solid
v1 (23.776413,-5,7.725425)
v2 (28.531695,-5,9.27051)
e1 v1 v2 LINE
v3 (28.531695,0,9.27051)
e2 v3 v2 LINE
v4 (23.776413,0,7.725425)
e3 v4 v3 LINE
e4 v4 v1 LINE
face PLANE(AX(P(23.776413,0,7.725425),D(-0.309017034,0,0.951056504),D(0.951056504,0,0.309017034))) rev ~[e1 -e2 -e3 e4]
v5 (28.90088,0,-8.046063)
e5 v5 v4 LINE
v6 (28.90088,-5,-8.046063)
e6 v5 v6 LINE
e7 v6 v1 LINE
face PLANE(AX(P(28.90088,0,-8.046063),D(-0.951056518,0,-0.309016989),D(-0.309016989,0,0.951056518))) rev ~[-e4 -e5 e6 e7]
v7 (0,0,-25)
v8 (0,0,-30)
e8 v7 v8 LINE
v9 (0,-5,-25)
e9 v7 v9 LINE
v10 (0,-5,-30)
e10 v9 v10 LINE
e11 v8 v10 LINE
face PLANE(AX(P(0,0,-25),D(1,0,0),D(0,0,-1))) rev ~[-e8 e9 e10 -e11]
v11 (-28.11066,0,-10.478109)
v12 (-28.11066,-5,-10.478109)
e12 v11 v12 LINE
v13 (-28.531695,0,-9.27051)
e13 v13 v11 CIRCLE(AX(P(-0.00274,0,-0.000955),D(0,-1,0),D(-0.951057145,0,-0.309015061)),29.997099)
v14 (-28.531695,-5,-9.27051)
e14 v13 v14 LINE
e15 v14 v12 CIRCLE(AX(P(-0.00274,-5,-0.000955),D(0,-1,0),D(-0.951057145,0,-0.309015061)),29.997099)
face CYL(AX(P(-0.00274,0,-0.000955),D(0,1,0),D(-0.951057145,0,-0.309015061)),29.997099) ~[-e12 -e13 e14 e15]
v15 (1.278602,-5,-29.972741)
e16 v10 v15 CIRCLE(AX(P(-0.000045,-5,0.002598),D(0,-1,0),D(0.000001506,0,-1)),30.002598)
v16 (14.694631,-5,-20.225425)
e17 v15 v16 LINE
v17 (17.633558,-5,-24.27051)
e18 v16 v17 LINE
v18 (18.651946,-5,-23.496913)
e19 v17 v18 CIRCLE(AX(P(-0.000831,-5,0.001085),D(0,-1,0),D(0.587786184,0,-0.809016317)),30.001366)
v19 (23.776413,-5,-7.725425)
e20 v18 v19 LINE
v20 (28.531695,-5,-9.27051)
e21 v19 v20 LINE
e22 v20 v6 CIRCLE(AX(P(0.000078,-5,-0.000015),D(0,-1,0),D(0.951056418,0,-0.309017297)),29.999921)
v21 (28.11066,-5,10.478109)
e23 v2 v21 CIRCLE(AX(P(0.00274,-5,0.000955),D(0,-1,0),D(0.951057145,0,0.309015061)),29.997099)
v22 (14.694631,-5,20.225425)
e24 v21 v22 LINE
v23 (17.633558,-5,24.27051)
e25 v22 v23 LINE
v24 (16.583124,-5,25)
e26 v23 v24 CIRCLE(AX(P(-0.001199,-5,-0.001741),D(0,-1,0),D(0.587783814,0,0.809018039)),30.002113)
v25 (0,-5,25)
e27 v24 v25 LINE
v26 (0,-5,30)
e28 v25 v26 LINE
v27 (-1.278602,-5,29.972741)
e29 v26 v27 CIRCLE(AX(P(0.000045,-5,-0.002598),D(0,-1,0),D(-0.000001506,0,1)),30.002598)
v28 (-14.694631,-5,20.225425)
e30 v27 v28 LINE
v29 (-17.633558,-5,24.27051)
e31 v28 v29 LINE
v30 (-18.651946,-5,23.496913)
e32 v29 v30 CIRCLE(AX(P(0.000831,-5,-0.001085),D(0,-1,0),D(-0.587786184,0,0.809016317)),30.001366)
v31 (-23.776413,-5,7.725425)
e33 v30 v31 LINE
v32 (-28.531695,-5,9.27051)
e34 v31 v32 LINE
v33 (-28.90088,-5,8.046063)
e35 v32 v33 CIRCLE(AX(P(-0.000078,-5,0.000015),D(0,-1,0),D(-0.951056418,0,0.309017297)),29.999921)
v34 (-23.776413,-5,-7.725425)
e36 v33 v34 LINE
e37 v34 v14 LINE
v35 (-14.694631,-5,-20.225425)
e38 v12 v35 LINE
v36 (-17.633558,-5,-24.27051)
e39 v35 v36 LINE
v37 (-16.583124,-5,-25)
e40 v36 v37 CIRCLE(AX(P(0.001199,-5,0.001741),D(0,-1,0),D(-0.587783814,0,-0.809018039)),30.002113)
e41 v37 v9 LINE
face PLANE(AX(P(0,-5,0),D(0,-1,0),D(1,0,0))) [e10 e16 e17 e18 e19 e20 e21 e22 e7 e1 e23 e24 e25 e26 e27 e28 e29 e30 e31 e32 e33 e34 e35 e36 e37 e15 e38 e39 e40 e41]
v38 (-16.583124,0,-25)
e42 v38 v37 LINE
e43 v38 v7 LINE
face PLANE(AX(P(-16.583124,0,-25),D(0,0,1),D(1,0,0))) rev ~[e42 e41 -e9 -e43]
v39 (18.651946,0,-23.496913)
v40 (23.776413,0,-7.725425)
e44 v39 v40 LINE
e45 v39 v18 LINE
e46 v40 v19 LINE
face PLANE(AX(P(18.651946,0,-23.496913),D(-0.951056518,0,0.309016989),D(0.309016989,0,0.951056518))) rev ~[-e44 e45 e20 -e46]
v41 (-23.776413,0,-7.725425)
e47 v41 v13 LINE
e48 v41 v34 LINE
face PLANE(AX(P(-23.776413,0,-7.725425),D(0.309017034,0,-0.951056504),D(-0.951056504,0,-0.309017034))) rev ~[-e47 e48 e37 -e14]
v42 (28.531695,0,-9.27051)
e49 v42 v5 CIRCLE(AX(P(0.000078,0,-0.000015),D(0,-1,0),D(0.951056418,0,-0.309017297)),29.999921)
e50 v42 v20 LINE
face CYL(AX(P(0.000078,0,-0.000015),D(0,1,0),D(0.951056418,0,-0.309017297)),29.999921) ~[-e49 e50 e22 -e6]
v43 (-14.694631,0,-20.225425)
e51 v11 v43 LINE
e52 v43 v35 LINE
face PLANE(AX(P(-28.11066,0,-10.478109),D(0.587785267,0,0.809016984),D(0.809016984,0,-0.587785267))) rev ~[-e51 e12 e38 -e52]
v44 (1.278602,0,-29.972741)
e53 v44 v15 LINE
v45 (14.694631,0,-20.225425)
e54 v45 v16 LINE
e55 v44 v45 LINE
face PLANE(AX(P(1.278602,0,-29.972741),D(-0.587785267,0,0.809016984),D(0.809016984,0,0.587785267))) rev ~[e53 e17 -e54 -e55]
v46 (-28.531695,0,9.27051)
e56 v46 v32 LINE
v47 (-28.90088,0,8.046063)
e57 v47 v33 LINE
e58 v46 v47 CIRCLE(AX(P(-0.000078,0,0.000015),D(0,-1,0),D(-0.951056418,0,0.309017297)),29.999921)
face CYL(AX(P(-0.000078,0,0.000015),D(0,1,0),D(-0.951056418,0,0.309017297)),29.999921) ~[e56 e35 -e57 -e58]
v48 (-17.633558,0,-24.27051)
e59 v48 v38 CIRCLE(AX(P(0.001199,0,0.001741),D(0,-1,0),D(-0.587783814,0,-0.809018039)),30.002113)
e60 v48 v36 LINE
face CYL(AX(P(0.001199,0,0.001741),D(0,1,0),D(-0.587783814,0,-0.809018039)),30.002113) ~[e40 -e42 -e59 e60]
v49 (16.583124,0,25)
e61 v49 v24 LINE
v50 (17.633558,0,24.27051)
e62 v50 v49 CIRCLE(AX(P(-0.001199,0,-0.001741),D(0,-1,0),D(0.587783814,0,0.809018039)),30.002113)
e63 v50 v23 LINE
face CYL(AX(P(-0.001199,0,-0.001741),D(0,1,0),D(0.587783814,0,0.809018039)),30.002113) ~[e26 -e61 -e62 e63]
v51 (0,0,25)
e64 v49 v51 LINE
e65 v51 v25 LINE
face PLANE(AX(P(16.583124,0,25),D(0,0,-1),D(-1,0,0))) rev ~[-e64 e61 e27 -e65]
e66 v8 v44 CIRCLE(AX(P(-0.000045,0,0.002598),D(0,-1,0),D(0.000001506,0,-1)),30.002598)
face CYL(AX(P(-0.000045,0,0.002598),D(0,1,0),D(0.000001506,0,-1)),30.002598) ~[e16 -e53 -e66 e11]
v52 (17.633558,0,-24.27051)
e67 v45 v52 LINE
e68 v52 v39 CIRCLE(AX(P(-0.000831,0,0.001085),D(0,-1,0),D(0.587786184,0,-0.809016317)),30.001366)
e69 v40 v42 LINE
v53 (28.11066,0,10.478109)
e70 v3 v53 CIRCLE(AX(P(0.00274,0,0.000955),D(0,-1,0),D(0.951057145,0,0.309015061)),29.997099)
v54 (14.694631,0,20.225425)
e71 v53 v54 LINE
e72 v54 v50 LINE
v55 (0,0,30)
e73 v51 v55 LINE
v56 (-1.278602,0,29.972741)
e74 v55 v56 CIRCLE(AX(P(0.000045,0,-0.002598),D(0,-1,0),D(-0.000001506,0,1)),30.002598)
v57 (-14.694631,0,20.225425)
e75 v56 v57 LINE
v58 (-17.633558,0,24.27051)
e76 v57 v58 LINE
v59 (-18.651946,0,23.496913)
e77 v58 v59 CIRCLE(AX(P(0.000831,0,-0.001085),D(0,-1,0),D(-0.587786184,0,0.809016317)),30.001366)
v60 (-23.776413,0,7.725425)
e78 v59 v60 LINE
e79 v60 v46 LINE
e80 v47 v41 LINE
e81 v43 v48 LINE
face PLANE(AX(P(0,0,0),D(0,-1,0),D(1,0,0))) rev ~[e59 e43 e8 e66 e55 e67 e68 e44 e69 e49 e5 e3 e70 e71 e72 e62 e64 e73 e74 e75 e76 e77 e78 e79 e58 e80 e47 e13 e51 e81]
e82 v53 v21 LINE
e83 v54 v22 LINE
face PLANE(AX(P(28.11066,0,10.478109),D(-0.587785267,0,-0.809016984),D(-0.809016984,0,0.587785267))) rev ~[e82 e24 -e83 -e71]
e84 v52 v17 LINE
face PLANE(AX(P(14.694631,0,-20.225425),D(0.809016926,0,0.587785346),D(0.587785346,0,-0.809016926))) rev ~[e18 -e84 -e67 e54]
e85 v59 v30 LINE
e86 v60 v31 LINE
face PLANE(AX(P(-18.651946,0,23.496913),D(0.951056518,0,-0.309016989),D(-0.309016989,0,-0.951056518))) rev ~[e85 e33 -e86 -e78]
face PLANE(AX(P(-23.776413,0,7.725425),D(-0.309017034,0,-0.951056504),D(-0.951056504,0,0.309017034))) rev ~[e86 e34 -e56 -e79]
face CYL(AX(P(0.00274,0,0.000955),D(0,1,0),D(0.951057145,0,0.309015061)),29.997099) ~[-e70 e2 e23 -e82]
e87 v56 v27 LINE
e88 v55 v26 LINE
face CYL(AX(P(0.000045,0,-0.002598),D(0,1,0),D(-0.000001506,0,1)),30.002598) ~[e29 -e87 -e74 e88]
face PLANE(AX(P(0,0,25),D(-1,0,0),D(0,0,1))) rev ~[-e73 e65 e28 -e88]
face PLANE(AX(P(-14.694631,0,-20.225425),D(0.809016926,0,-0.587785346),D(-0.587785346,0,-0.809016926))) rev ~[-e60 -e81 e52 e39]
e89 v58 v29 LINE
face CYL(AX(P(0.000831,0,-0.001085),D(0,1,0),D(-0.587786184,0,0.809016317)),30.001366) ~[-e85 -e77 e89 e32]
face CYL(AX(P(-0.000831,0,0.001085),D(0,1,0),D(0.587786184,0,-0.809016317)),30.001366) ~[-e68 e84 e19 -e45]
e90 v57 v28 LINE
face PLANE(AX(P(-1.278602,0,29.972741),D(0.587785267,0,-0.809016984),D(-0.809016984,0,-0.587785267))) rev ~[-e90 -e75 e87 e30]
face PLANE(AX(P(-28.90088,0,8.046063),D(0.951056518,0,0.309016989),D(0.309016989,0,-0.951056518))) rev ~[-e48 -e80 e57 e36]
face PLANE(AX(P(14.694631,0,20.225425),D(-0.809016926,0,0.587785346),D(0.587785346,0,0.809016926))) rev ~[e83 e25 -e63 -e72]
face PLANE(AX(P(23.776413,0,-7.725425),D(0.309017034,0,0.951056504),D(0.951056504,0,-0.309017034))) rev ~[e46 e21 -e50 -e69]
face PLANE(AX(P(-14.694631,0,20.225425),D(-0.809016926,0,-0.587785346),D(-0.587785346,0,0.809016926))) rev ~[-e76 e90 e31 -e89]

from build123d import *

# Parameters (mm, degrees)
F1_DEPTH = 5


with BuildPart() as f1:
    # F0 (on Front) → F1 (new body)
    with BuildSketch(Plane.XZ):
        with BuildLine():
            Line((23.776413, 7.725425), (28.531695, 9.27051))
            ThreePointArc((28.531695, 9.27051), (28.327614, 9.876553), (28.11066, 10.478109))
            Line((28.11066, 10.478109), (14.694631, 20.225425))
            Line((14.694631, 20.225425), (17.633558, 24.27051))
            ThreePointArc((17.633558, 24.27051), (17.112228, 24.640853), (16.583124, 25))
            Line((16.583124, 25), (0, 25))
            Line((0, 25), (0, 30))
            ThreePointArc((0, 30), (-0.639446, 29.993184), (-1.278602, 29.972741))
            Line((-1.278602, 29.972741), (-14.694631, 20.225425))
            Line((-14.694631, 20.225425), (-17.633558, 24.27051))
            ThreePointArc((-17.633558, 24.27051), (-18.146874, 23.889139), (-18.651946, 23.496913))
            Line((-18.651946, 23.496913), (-23.776413, 7.725425))
            Line((-23.776413, 7.725425), (-28.531695, 9.27051))
            ThreePointArc((-28.531695, 9.27051), (-28.722813, 8.660254), (-28.90088, 8.046063))
            Line((-28.90088, 8.046063), (-23.776413, -7.725425))
            Line((-23.776413, -7.725425), (-28.531695, -9.27051))
            ThreePointArc((-28.531695, -9.27051), (-28.327614, -9.876553), (-28.11066, -10.478109))
            Line((-28.11066, -10.478109), (-14.694631, -20.225425))
            Line((-14.694631, -20.225425), (-17.633558, -24.27051))
            ThreePointArc((-17.633558, -24.27051), (-17.112228, -24.640853), (-16.583124, -25))
            Line((-16.583124, -25), (0, -25))
            Line((0, -25), (0, -30))
            ThreePointArc((0, -30), (0.639446, -29.993184), (1.278602, -29.972741))
            Line((1.278602, -29.972741), (14.694631, -20.225425))
            Line((14.694631, -20.225425), (17.633558, -24.27051))
            ThreePointArc((17.633558, -24.27051), (18.146874, -23.889139), (18.651946, -23.496913))
            Line((18.651946, -23.496913), (23.776413, -7.725425))
            Line((23.776413, -7.725425), (28.531695, -9.27051))
            ThreePointArc((28.531695, -9.27051), (28.722813, -8.660254), (28.90088, -8.046063))
            Line((28.90088, -8.046063), (23.776413, 7.725425))
        make_face()
    extrude(amount=F1_DEPTH)


solid = f1.part
